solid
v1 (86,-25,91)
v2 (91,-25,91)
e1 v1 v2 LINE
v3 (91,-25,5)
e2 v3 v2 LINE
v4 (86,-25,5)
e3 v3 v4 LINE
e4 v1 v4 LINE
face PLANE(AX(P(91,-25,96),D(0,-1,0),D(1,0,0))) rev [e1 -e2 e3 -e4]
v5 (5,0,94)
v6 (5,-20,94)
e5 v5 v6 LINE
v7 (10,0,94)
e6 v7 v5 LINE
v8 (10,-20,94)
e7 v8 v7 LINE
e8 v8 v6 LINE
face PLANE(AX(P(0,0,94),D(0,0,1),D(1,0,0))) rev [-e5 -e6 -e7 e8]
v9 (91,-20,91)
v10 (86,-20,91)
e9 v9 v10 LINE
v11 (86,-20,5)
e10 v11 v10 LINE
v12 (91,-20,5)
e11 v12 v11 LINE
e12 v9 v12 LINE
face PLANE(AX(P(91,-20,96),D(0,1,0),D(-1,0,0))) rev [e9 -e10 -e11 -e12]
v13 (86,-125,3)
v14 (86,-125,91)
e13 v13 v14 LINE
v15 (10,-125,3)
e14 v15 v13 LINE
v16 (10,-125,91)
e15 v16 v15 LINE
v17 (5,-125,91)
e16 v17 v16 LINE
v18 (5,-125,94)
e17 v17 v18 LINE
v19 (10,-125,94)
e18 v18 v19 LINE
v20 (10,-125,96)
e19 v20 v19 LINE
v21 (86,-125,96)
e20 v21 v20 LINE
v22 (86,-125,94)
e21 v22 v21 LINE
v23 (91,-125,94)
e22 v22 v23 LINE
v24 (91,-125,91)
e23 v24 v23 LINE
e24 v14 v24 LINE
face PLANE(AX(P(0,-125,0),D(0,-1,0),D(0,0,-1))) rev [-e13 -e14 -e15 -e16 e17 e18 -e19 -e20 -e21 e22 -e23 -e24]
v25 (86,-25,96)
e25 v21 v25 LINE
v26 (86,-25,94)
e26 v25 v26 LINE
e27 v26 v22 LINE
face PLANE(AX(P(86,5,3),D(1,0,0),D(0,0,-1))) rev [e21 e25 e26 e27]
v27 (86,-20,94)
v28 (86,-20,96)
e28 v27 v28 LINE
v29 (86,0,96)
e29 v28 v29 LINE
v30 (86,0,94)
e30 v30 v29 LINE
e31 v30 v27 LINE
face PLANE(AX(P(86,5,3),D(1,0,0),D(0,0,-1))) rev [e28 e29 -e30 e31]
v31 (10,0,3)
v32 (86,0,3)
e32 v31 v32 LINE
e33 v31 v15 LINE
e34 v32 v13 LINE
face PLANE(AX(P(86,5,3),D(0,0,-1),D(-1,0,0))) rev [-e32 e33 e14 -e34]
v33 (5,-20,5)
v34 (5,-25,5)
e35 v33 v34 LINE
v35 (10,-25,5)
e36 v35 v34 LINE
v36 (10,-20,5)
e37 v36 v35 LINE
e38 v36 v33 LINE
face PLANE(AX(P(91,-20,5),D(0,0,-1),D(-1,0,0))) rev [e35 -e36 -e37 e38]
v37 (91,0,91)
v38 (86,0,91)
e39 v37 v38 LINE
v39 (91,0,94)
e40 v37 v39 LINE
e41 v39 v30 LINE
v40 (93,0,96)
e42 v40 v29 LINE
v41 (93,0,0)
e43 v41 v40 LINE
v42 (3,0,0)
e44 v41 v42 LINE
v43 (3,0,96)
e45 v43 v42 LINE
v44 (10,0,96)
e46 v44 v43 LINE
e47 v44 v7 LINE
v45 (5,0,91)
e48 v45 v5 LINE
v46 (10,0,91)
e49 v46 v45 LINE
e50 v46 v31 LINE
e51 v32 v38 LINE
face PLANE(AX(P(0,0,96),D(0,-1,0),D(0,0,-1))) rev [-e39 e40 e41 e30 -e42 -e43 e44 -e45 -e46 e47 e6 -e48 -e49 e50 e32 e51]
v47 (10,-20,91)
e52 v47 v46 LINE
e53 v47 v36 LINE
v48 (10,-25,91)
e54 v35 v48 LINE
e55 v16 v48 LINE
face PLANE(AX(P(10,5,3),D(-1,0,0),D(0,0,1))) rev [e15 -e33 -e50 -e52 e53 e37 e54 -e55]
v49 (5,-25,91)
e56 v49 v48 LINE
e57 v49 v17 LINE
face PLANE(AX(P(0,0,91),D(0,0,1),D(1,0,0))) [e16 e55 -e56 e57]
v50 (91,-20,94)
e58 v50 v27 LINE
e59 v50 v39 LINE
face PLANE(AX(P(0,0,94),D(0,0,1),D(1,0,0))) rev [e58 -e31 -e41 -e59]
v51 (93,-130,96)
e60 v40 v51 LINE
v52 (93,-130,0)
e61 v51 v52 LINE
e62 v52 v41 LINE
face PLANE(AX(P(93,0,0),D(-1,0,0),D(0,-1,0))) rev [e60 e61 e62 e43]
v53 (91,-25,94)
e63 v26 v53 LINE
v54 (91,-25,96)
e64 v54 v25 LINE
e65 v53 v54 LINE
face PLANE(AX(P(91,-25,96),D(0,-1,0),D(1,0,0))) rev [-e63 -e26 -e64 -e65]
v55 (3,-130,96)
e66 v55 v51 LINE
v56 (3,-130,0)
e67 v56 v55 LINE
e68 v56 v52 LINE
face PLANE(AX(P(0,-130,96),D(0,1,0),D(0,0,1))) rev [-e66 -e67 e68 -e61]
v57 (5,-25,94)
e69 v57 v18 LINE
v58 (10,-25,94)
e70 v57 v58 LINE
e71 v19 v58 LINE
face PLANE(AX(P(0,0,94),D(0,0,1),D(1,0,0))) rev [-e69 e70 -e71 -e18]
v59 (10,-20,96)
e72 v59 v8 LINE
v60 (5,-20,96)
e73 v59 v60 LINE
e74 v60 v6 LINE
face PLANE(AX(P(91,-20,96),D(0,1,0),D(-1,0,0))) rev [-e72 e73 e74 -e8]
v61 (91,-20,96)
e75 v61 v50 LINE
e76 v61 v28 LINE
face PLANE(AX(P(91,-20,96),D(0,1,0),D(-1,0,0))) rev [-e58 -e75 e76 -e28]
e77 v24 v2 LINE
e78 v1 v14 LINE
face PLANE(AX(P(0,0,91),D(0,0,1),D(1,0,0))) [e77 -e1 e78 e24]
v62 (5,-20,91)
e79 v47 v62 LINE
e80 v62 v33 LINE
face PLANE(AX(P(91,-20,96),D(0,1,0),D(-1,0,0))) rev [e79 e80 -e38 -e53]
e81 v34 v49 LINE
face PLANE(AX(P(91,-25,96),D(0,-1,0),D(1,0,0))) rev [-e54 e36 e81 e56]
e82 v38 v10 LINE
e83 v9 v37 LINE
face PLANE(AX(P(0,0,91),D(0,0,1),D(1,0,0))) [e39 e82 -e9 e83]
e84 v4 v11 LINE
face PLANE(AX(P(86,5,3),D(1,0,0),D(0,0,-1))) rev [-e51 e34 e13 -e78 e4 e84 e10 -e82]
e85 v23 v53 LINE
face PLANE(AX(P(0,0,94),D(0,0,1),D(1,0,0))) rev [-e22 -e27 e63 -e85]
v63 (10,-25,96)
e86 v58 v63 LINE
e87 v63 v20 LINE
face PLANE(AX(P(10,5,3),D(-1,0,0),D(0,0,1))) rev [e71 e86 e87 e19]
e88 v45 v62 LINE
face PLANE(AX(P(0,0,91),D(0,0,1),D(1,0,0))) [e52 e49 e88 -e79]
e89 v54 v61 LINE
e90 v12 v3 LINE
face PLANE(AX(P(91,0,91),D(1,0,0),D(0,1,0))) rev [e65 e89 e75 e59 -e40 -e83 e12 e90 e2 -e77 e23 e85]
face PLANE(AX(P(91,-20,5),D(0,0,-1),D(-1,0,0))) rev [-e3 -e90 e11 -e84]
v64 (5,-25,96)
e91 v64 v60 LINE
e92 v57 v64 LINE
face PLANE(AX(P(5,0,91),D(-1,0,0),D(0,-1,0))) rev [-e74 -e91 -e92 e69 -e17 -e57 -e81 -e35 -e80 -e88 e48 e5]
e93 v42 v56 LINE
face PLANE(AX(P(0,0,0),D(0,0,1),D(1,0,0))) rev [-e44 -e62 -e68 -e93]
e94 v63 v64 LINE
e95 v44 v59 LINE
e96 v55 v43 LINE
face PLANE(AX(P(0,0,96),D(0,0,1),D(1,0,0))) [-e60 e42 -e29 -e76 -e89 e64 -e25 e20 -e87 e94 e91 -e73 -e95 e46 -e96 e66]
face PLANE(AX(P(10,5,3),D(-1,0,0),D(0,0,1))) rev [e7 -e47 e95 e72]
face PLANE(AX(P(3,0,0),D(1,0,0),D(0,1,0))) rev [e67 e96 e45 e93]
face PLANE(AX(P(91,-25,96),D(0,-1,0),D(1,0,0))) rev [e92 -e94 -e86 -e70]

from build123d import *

# Parameters (mm, degrees)
SKETCH_1_W           = 96
SKETCH_1_H           = 130
EXTRUDE_1_DEPTH      = 96
SKETCH_3_W           = 76
SKETCH_3_H           = 93
CUT_EXTRUDE_1_DEPTH  = 130
SKETCH_8_W           = 86
SKETCH_8_H           = 125
CUT_EXTRUDE_5_DEPTH  = 3
SKETCH_10_W          = 91
SKETCH_10_H          = 5
CUT_EXTRUDE_7_DEPTH  = 86
SKETCH_15_W          = 96
SKETCH_15_H          = 130
CUT_EXTRUDE_10_DEPTH = 3
SKETCH_16_W          = 96
SKETCH_16_H          = 130
CUT_EXTRUDE_11_DEPTH = 3


with BuildPart() as part:
    # 草圖1 → 填料-伸長1 (new body)
    with BuildSketch(Plane.XY):
        with Locations((48, -65)):
            Rectangle(SKETCH_1_W, SKETCH_1_H)
    extrude(amount=EXTRUDE_1_DEPTH)

    # 草圖3 → 除料-伸長1 (cut)
    with BuildSketch(Plane(origin=(0, -125, 0), x_dir=(-1, 0, 0), z_dir=(0, -1, 0))):
        with Locations((-48, -49.5)):
            Rectangle(SKETCH_3_W, SKETCH_3_H)
    extrude(amount=-CUT_EXTRUDE_1_DEPTH, mode=Mode.SUBTRACT)

    # 草圖8 → 除料-伸長5 (cut)
    with BuildSketch(Plane.XY.offset(94)):
        with Locations((48, -62.5)):
            Rectangle(SKETCH_8_W, SKETCH_8_H)
    extrude(amount=-CUT_EXTRUDE_5_DEPTH, mode=Mode.SUBTRACT)

    # 草圖10 → 除料-伸長7 (cut)
    with BuildSketch(Plane.ZY.offset(-5)):
        with Locations((50.5, -22.5)):
            Rectangle(SKETCH_10_W, SKETCH_10_H)
    extrude(amount=-CUT_EXTRUDE_7_DEPTH, mode=Mode.SUBTRACT)

    # 草圖15 → 除料-伸長10 (cut)
    with BuildSketch(Plane.ZY):
        with Locations((48, -65)):
            Rectangle(SKETCH_15_W, SKETCH_15_H)
    extrude(amount=-CUT_EXTRUDE_10_DEPTH, mode=Mode.SUBTRACT)

    # 草圖16 → 除料-伸長11 (cut)
    with BuildSketch(Plane(origin=(96, 0, 0), x_dir=(0, 0, -1), z_dir=(1, 0, 0))):
        with Locations((-48, -65)):
            Rectangle(SKETCH_16_W, SKETCH_16_H)
    extrude(amount=-CUT_EXTRUDE_11_DEPTH, mode=Mode.SUBTRACT)


solid = part.part
